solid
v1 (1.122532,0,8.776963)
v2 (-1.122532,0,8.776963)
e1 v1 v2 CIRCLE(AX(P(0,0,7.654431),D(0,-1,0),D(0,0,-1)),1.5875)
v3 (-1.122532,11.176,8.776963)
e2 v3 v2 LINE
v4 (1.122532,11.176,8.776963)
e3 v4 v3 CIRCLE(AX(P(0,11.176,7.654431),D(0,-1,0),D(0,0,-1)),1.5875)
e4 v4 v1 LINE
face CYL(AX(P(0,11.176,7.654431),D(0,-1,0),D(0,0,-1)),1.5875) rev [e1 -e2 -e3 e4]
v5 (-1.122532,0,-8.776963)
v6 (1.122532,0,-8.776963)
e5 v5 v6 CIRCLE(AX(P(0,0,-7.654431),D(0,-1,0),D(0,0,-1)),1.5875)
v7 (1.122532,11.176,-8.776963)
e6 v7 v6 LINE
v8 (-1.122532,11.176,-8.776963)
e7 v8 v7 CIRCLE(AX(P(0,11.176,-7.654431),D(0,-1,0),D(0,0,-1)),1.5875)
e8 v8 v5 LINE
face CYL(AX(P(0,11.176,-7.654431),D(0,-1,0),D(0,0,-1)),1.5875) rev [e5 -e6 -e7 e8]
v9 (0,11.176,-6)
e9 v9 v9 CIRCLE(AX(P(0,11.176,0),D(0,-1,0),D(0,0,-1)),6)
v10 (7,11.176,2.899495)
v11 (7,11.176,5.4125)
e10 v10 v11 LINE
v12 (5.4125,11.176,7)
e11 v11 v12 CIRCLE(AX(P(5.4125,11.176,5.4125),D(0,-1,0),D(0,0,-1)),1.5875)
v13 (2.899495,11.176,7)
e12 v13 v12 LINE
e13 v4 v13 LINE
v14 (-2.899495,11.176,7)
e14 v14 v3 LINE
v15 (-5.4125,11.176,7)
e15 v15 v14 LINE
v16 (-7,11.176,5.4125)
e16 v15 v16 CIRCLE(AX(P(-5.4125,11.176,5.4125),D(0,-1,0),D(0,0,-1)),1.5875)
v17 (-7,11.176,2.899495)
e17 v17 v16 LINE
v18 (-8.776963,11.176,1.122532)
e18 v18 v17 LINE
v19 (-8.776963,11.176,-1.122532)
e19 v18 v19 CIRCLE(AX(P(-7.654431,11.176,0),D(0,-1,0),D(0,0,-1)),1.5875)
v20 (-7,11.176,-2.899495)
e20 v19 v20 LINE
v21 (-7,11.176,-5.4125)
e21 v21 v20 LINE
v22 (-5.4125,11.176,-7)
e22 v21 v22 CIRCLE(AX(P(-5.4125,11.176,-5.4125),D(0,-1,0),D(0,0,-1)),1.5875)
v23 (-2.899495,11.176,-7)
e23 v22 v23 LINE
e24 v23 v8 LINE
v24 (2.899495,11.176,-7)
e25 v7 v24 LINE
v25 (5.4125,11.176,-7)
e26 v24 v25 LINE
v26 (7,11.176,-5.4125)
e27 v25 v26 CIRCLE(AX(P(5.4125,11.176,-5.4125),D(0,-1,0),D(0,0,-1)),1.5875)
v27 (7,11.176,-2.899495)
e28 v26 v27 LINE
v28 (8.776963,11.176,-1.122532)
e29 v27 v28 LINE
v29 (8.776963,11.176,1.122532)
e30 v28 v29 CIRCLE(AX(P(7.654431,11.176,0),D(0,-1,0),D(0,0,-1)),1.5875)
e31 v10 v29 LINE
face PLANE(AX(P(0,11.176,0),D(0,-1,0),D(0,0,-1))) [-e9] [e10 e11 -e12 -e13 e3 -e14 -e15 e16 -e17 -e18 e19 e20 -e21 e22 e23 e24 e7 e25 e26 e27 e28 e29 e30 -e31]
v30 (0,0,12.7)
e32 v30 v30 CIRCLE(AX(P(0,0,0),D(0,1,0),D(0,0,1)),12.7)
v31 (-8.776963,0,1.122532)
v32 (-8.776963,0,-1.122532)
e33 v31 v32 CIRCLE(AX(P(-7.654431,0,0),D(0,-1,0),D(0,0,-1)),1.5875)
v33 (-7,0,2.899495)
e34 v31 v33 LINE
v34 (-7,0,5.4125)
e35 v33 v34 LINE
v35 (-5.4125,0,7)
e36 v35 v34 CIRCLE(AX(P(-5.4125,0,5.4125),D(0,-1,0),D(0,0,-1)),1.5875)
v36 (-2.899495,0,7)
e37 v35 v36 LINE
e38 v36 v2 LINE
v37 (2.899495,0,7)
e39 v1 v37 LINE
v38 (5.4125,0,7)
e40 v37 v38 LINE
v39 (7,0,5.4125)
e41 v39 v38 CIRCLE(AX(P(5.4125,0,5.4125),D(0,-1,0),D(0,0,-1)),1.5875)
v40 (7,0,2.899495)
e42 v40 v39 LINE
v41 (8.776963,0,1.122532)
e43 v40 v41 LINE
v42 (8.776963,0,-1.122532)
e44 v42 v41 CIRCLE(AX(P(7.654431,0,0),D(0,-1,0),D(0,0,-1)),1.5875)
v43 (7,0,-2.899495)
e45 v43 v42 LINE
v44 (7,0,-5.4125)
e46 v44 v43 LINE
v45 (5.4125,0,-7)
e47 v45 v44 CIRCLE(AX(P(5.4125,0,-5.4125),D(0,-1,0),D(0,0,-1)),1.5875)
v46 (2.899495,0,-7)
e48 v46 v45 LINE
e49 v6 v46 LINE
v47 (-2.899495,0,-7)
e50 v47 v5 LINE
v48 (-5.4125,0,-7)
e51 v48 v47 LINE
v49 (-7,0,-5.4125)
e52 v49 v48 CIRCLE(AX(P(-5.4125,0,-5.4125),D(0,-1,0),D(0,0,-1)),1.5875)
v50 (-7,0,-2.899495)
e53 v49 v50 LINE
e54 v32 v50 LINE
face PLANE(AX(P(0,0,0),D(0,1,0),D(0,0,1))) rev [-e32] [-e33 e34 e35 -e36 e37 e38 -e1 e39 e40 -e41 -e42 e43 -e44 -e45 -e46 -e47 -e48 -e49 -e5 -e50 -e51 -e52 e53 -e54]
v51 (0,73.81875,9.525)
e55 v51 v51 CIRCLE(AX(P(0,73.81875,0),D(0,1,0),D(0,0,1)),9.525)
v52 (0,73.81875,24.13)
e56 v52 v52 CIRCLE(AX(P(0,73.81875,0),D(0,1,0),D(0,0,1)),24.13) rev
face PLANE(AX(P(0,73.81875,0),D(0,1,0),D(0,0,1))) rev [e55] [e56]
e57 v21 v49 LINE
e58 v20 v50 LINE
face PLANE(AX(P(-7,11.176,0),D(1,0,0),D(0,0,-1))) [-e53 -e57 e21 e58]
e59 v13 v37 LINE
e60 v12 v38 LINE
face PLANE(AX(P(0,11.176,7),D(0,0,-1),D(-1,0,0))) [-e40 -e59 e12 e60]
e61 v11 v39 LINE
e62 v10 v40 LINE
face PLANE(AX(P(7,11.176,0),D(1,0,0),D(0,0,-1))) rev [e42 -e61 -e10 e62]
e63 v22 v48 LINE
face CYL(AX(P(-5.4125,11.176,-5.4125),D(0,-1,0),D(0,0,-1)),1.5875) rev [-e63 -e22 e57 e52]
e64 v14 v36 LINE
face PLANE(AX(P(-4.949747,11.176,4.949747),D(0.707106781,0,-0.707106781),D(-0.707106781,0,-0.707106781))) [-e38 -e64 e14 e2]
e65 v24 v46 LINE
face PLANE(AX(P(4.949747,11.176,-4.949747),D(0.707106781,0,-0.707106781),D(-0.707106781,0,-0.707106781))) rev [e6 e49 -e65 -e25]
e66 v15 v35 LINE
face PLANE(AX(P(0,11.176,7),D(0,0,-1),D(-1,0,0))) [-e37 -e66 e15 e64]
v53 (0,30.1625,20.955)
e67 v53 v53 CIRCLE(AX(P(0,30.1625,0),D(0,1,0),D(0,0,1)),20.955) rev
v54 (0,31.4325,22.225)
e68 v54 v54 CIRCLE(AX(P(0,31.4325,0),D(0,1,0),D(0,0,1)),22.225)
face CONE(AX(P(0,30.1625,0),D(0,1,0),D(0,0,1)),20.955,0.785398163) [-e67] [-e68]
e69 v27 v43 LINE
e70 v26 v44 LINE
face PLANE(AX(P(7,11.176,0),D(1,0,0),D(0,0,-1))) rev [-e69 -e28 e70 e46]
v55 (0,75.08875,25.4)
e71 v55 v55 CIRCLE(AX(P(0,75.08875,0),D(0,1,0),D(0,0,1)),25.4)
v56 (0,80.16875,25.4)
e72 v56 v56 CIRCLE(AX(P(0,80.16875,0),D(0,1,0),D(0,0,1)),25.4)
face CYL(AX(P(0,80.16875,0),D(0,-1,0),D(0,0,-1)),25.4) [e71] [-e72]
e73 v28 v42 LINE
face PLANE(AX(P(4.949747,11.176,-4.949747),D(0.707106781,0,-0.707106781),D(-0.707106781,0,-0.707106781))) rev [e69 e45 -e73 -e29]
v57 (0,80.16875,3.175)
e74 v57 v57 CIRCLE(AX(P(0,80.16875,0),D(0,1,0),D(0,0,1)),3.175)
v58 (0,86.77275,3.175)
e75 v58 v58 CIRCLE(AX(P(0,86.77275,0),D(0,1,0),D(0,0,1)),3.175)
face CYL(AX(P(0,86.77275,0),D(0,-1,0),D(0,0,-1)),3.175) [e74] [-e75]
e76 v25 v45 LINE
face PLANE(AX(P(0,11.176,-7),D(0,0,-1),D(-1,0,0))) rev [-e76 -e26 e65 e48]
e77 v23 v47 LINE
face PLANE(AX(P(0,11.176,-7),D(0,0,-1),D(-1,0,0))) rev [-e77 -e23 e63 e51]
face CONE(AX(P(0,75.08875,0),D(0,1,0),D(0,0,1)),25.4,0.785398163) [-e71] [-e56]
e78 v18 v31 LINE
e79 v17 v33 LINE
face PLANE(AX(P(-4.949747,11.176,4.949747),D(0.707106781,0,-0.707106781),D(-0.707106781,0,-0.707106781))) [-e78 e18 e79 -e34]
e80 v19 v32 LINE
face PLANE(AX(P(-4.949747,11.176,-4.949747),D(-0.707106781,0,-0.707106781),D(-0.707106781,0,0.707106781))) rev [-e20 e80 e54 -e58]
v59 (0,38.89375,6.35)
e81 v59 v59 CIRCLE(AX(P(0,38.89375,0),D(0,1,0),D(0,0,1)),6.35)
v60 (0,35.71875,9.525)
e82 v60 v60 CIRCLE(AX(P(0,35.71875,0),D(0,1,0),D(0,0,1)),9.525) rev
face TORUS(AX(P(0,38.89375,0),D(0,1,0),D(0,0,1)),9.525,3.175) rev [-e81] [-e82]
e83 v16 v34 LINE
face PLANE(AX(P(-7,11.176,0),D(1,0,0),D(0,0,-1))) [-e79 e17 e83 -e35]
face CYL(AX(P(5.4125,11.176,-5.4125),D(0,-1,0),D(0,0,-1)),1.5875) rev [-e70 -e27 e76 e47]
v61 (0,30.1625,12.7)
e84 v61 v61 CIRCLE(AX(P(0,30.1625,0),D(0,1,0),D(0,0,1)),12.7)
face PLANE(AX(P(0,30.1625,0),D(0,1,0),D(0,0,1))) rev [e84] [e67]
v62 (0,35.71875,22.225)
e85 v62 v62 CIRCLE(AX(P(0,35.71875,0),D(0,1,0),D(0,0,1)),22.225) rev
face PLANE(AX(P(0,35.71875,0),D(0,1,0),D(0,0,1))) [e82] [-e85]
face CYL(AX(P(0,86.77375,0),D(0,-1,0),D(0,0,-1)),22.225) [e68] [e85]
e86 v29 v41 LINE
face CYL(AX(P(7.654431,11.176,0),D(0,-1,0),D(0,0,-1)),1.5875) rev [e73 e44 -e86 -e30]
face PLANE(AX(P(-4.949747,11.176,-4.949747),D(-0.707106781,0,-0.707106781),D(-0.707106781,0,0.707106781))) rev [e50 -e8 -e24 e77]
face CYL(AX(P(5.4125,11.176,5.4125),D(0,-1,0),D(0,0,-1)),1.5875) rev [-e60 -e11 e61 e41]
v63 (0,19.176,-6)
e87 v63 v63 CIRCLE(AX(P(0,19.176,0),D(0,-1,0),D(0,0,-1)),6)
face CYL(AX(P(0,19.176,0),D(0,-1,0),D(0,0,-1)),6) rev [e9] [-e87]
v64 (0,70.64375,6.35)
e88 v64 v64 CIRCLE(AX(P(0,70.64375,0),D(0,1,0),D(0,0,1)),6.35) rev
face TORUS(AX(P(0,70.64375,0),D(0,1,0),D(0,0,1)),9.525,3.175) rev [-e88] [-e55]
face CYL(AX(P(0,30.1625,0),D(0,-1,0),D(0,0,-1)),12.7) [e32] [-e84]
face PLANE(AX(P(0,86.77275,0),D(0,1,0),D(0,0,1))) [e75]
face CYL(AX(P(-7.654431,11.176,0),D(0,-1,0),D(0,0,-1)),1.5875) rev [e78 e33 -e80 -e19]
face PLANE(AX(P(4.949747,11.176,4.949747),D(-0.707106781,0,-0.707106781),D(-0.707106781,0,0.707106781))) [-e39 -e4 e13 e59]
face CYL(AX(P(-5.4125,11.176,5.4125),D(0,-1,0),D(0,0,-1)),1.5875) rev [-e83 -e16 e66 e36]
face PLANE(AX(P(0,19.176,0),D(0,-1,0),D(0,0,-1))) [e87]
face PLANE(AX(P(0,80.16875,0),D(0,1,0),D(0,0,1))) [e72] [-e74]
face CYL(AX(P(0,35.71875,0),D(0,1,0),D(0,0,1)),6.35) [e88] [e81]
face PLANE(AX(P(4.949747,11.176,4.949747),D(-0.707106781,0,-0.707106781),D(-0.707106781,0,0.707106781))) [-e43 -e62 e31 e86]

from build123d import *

# Parameters (mm, degrees)
SKETCH1_R           = 12.7
BOSS_EXTRUDE1_DEPTH = 30.1625
SKETCH4_R           = 25.4
BOSS_EXTRUDE2_DEPTH = 50.00625
CUT_EXTRUDE1_DEPTH  = 11.176
SKETCH3_R           = 6
CUT_EXTRUDE2_DEPTH  = 8
SKETCH5_R           = 3.175
BOSS_EXTRUDE3_DEPTH = 6.604
CUT_EXTRUDE3_START  = -6.35
SKETCH9_R           = 25.4
SKETCH9_R_2         = 6.35
CUT_EXTRUDE3_DEPTH  = 38.1
CUT_EXTRUDE4_REACH  = 58.61
SKETCH10_R          = 25.4
SKETCH10_R_2        = 22.225
FILLET1_R           = 3.175
CHAMFER1_SIZE       = 1.27


with BuildPart() as part:
    # Sketch1 → Boss-Extrude1 (new body)
    with BuildSketch(Plane(origin=(0, 0, 0), x_dir=(1, 0, 0), z_dir=(0, 1, 0))):
        Circle(SKETCH1_R)
    extrude(amount=BOSS_EXTRUDE1_DEPTH)

    # Sketch4 → Boss-Extrude2 (add)
    with BuildSketch(Plane(origin=(0, 30.1625, 0), x_dir=(1, 0, 0), z_dir=(0, 1, 0))):
        Circle(SKETCH4_R)
    extrude(amount=BOSS_EXTRUDE2_DEPTH)

    # Sketch2 → Cut-Extrude1 (cut)
    with BuildSketch(Plane.XZ):
        with BuildLine():
            Line((-7, 2.899494937), (-8.776962921, 1.122532015))
            ThreePointArc((-8.776962921, 1.122532015), (-9.241930906, 0), (-8.776962921, -1.122532015))
            Line((-8.776962921, -1.122532015), (-7, -2.899494937))
            Line((-7, -2.899494937), (-7, 2.899494937))
        make_face()
        Polygon((-2.899494937, 7), (-7, 2.899494937), (-7, -2.899494937), (-2.899494937, -7), (2.899494937, -7), (7, -2.899494937), (7, 2.899494937), (2.899494937, 7), align=None)
        with BuildLine():
            Line((-7, 5.4125), (-7, 2.899494937))
            Line((-7, 2.899494937), (-2.899494937, 7))
            Line((-2.899494937, 7), (-5.4125, 7))
            ThreePointArc((-5.4125, 7), (-6.535032015, 6.535032015), (-7, 5.4125))
        make_face()
        with BuildLine():
            Line((-1.122532015, 8.776962921), (-2.899494937, 7))
            Line((-2.899494937, 7), (2.899494937, 7))
            Line((2.899494937, 7), (1.122532015, 8.776962921))
            ThreePointArc((1.122532015, 8.776962921), (0, 9.241930906), (-1.122532015, 8.776962921))
        make_face()
        with BuildLine():
            Line((5.4125, 7), (2.899494937, 7))
            Line((2.899494937, 7), (7, 2.899494937))
            Line((7, 2.899494937), (7, 5.4125))
            ThreePointArc((7, 5.4125), (6.535032015, 6.535032015), (5.4125, 7))
        make_face()
        with BuildLine():
            Line((8.776962921, 1.122532015), (7, 2.899494937))
            Line((7, 2.899494937), (7, -2.899494937))
            Line((7, -2.899494937), (8.776962921, -1.122532015))
            ThreePointArc((8.776962921, -1.122532015), (9.241930906, 0), (8.776962921, 1.122532015))
        make_face()
        with BuildLine():
            Line((7, -2.899494937), (2.899494937, -7))
            Line((2.899494937, -7), (5.4125, -7))
            ThreePointArc((5.4125, -7), (6.535032015, -6.535032015), (7, -5.4125))
            Line((7, -5.4125), (7, -2.899494937))
        make_face()
        with BuildLine():
            Line((2.899494937, -7), (-2.899494937, -7))
            Line((-2.899494937, -7), (-1.122532015, -8.776962921))
            ThreePointArc((-1.122532015, -8.776962921), (0, -9.241930906), (1.122532015, -8.776962921))
            Line((1.122532015, -8.776962921), (2.899494937, -7))
        make_face()
        with BuildLine():
            Line((-2.899494937, -7), (-7, -2.899494937))
            Line((-7, -2.899494937), (-7, -5.4125))
            ThreePointArc((-7, -5.4125), (-6.535032015, -6.535032015), (-5.4125, -7))
            Line((-5.4125, -7), (-2.899494937, -7))
        make_face()
    extrude(amount=-CUT_EXTRUDE1_DEPTH, mode=Mode.SUBTRACT)

    # Sketch3 → Cut-Extrude2 (cut)
    with BuildSketch(Plane.XZ.offset(-11.176)):
        Circle(SKETCH3_R)
    extrude(amount=-CUT_EXTRUDE2_DEPTH, mode=Mode.SUBTRACT)

    # Sketch5 → Boss-Extrude3 (add)
    with BuildSketch(Plane(origin=(0, 80.16875, 0), x_dir=(1, 0, 0), z_dir=(0, 1, 0))):
        Circle(SKETCH5_R)
    extrude(amount=BOSS_EXTRUDE3_DEPTH)

    # Sketch9 → Cut-Extrude3 (cut)
    with BuildSketch(Plane(origin=(0, 80.16875, 0), x_dir=(1, 0, 0), z_dir=(0, 1, 0)).offset(CUT_EXTRUDE3_START)):
        Circle(SKETCH9_R)
        Circle(SKETCH9_R_2, mode=Mode.SUBTRACT)
    extrude(amount=-CUT_EXTRUDE3_DEPTH, mode=Mode.SUBTRACT)

    # Sketch10 → Cut-Extrude4 (cut, up to next)
    with BuildSketch(Plane.XZ.offset(-30.1625), mode=Mode.PRIVATE) as cut_extrude4_sk1:
        Circle(SKETCH10_R)
        Circle(SKETCH10_R_2, mode=Mode.SUBTRACT)
    cut_extrude4_tool1 = extrude(cut_extrude4_sk1.sketch, amount=-CUT_EXTRUDE4_REACH, mode=Mode.PRIVATE) & part.part
    add(cut_extrude4_tool1.solids().sort_by_distance((-24.68158, 30.1625, 0))[0], mode=Mode.SUBTRACT)

    # Fillet1
    fillet1_edges = [part.edges().sort_by_distance(p)[0] for p in [
        (-6.35, 35.71875, 0),
        (-6.35, 73.81875, 0),
    ]]
    fillet(fillet1_edges, radius=FILLET1_R)

    # Chamfer1
    chamfer1_edges = [part.edges().sort_by_distance(p)[0] for p in [
        (-25.4, 73.81875, 0),
        (-22.225, 30.1625, 0),
    ]]
    chamfer(chamfer1_edges, length=CHAMFER1_SIZE)


solid = part.part
